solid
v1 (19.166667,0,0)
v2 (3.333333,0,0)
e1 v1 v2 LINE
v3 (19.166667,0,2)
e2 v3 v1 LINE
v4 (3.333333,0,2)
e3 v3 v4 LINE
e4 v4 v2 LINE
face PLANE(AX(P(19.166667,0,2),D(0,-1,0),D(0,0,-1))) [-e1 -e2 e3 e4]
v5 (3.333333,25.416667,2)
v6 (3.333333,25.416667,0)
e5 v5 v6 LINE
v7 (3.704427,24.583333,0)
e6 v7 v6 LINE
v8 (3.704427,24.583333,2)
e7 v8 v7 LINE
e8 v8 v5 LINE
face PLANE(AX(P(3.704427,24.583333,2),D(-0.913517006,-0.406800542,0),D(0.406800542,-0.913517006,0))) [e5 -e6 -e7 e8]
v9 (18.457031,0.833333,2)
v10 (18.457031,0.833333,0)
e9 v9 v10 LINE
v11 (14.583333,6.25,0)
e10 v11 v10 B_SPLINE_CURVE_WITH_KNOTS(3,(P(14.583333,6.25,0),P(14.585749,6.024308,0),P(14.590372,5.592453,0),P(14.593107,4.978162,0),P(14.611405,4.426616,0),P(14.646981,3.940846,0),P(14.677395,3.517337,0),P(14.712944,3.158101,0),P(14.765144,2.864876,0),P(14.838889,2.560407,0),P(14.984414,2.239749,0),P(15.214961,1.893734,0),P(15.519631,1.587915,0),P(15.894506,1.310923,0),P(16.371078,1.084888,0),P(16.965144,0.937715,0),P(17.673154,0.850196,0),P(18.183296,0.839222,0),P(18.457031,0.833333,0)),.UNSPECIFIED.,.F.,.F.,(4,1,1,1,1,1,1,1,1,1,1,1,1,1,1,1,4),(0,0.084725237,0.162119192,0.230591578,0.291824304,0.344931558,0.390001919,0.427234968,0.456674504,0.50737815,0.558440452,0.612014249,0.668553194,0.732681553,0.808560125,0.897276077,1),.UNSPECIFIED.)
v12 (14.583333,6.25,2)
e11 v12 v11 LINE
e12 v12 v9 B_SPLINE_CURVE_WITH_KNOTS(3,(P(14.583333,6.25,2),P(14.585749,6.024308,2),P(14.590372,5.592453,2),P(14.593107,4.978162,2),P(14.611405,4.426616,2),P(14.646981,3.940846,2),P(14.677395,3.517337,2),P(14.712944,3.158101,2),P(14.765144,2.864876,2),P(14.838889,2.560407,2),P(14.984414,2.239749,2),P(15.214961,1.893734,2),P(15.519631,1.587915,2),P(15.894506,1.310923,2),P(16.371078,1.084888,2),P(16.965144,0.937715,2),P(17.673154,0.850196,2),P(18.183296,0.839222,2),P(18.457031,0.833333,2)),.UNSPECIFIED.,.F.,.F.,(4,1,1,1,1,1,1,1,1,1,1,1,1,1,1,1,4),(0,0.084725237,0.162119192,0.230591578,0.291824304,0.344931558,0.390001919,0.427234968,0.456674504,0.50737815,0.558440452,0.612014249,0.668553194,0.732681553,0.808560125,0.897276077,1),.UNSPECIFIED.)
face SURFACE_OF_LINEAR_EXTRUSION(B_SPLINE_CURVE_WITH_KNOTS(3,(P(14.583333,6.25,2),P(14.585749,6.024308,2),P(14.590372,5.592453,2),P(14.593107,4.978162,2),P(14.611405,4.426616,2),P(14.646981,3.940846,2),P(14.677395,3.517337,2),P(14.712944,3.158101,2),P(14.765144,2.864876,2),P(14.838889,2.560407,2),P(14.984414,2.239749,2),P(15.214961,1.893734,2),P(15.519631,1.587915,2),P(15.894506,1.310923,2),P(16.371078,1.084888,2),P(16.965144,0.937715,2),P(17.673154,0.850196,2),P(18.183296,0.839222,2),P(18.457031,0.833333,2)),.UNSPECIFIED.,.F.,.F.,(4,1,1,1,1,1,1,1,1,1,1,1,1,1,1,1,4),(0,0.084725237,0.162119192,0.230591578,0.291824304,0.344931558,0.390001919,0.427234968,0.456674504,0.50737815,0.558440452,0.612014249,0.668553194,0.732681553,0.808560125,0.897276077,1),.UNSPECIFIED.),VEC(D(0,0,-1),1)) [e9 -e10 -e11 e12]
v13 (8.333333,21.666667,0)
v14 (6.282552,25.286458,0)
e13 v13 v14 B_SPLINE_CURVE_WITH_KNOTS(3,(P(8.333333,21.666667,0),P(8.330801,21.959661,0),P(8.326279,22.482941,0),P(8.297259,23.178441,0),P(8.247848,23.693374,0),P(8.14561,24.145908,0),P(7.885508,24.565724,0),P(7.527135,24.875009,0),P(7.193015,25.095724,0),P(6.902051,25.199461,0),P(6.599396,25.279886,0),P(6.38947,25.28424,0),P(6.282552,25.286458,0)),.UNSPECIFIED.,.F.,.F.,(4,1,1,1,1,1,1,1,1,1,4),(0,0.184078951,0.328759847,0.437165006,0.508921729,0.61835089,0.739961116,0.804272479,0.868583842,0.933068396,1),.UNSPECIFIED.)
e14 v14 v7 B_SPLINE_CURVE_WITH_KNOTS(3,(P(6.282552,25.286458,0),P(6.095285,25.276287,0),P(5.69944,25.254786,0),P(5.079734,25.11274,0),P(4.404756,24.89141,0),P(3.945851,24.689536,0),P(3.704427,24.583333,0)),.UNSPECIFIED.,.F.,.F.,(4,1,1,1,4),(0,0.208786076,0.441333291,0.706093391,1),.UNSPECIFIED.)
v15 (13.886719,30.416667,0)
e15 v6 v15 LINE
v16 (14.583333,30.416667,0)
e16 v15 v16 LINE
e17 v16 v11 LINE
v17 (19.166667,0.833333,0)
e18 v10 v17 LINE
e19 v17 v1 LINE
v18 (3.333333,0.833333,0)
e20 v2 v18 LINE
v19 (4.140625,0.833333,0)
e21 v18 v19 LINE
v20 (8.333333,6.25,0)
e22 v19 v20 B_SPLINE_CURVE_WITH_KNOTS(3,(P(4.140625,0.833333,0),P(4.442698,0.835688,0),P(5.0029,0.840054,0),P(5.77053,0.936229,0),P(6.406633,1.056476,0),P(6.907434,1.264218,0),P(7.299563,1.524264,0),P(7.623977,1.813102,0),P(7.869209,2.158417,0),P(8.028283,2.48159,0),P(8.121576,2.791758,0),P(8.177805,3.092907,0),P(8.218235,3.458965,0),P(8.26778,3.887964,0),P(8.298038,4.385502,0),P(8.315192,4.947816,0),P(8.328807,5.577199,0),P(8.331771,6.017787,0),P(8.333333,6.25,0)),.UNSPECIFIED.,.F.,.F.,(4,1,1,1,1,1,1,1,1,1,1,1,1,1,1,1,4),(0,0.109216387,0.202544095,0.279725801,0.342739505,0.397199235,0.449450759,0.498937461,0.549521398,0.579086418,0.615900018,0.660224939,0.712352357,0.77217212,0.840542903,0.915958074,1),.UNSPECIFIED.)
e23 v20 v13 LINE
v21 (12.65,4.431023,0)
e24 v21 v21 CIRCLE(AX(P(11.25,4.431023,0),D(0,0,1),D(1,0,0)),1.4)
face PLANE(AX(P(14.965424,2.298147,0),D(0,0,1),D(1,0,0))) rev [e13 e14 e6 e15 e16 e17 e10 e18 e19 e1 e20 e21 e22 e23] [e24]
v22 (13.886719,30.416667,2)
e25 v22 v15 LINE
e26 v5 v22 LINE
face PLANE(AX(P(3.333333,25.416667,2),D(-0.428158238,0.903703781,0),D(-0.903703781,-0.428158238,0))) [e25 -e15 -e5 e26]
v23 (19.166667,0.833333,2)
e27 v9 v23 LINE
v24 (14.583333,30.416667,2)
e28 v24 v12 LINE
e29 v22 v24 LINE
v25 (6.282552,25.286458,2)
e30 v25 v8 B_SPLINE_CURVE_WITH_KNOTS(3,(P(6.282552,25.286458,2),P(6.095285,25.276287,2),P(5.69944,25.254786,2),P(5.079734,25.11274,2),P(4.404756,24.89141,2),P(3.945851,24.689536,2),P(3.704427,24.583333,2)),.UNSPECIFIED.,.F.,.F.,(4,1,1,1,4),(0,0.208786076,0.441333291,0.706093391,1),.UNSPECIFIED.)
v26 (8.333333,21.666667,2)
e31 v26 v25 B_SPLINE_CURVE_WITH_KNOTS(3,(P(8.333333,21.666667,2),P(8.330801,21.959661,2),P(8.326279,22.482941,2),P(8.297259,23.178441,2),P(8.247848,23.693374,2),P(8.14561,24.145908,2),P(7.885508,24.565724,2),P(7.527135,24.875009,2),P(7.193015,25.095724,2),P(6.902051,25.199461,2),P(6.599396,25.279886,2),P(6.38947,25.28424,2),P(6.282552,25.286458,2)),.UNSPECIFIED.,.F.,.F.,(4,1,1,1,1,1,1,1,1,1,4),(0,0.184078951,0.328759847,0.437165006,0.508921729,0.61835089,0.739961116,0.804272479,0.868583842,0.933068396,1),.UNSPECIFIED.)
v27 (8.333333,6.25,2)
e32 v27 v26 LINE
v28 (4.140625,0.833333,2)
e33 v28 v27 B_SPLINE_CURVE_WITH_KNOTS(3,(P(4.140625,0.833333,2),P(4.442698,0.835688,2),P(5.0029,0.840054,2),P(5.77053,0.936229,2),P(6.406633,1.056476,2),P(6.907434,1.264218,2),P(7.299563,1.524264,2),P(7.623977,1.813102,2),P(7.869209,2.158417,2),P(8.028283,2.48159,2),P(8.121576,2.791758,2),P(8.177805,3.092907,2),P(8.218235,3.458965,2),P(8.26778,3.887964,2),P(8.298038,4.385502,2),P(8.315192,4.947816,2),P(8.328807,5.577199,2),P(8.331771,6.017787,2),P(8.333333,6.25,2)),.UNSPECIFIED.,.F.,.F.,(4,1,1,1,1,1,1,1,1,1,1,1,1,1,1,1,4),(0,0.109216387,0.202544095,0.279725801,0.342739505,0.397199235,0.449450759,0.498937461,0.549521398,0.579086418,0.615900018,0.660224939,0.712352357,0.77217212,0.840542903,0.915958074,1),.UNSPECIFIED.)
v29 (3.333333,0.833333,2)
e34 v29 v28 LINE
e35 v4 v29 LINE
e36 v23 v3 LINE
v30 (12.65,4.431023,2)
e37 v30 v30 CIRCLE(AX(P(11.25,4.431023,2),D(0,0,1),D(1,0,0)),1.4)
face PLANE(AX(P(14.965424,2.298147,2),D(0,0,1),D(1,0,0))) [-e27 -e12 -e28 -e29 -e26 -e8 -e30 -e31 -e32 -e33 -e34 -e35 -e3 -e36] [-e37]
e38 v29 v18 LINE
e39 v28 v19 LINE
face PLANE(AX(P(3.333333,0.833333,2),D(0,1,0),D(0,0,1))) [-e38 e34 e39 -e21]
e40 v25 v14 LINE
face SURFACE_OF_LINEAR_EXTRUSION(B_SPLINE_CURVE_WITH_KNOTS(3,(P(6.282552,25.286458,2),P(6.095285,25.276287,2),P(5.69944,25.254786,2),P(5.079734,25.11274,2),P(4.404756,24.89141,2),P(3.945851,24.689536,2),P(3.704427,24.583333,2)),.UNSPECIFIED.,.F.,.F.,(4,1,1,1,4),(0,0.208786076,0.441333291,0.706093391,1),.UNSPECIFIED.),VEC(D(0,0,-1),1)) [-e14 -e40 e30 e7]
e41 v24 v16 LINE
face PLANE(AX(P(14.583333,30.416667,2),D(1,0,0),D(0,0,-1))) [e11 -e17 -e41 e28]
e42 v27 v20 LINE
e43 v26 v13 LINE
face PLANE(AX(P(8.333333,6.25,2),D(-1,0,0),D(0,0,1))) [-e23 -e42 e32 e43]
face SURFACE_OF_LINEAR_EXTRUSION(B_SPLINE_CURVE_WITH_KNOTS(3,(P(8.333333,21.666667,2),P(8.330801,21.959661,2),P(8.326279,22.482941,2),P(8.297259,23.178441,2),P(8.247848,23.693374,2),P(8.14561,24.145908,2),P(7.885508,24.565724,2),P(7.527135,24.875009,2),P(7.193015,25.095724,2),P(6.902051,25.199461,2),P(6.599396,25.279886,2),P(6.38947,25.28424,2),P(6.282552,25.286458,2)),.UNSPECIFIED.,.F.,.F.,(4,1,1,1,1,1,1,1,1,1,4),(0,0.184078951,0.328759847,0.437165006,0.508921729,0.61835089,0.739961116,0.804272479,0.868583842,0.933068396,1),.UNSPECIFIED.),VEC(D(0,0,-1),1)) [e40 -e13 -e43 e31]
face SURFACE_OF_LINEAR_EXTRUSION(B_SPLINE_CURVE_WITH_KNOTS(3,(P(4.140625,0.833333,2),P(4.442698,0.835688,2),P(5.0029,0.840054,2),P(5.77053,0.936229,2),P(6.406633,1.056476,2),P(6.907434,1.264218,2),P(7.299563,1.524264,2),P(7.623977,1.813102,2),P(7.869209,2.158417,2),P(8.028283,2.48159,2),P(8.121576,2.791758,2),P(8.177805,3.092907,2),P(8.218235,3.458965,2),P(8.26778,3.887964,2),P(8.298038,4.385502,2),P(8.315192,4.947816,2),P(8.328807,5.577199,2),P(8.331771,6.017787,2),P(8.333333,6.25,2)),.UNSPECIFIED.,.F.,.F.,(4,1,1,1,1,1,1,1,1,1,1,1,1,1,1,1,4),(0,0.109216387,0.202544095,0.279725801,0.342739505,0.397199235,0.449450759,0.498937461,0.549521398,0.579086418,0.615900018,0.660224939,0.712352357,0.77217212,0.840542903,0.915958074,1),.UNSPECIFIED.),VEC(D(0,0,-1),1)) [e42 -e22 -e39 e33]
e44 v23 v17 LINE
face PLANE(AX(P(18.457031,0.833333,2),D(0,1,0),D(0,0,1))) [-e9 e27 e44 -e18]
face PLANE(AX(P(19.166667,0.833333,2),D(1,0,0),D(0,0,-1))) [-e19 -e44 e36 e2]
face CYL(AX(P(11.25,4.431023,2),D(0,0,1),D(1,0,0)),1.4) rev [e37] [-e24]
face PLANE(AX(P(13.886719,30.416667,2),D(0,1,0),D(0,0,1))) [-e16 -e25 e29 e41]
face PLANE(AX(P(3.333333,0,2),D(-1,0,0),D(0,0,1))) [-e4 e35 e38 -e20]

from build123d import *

# Parameters (mm, degrees)
BOSS_EXTRU_1_DEPTH     = 2
D_GAGEMENT_M1_61_D     = 2.8
D_GAGEMENT_M1_61_DEPTH = 50


with BuildPart() as part:
    # Esquisse1 → Boss.-Extru.1 (new body)
    with BuildSketch(Plane.XY):
        with BuildLine():
            Line((14.583333333, 30.416666667), (14.583333333, 6.25))
            add(Edge.make_bspline(
                [(14.583333333, 6.25), (14.585749256, 6.024308084), (14.59037205, 5.592453393), (14.593107367, 4.978161783), (14.611405028, 4.426616136), (14.646981306, 3.940846138), (14.677395441, 3.517336674), (14.712944408, 3.158101024), (14.76514446, 2.864876435), (14.838888581, 2.560406748), (14.984413764, 2.239748818), (15.214960792, 1.893733621), (15.519630906, 1.587915439), (15.89450585, 1.310922857), (16.371078344, 1.084888289), (16.965143818, 0.937715107), (17.673153617, 0.850195969), (18.183296053, 0.839221876), (18.45703125, 0.833333333)],
                knots=[0, 0, 0, 0, 0.000677115, 0.001295638, 0.001842862, 0.002332227, 0.002756654, 0.003116852, 0.003414414, 0.003649692, 0.00405491, 0.004462994, 0.00489115, 0.005343002, 0.005855509, 0.006461922, 0.00717093, 0.007991888, 0.007991888, 0.007991888, 0.007991888], degree=3))
            Line((18.45703125, 0.833333333), (19.166666667, 0.833333333))
            Line((19.166666667, 0.833333333), (19.166666667, 0))
            Line((19.166666667, 0), (3.333333333, 0))
            Line((3.333333333, 0), (3.333333333, 0.833333333))
            Line((3.333333333, 0.833333333), (4.140625, 0.833333333))
            add(Edge.make_bspline(
                [(4.140625, 0.833333333), (4.442698328, 0.835687663), (5.002899694, 0.840053817), (5.770530007, 0.936228913), (6.406632939, 1.056476205), (6.907434423, 1.264218402), (7.299563384, 1.524264009), (7.623976899, 1.81310173), (7.8692092, 2.158416764), (8.028282693, 2.48159017), (8.121575873, 2.791758159), (8.177804506, 3.092907226), (8.218234515, 3.458964912), (8.267780142, 3.887964386), (8.298038135, 4.385502072), (8.315191657, 4.947815768), (8.328806999, 5.577198632), (8.331771102, 6.017787475), (8.333333333, 6.25)],
                knots=[0, 0, 0, 0, 0.000905323, 0.00167894, 0.002318719, 0.002841055, 0.003292486, 0.003725612, 0.00413582, 0.004555123, 0.004800195, 0.005105353, 0.005472773, 0.005904871, 0.006400732, 0.006967475, 0.007592611, 0.008289256, 0.008289256, 0.008289256, 0.008289256], degree=3))
            Line((8.333333333, 6.25), (8.333333333, 21.666666667))
            add(Edge.make_bspline(
                [(8.333333333, 21.666666667), (8.330801084, 21.95966099), (8.326278557, 22.482940639), (8.297258707, 23.178440933), (8.247847929, 23.693374102), (8.145609707, 24.145908108), (7.885508384, 24.565723563), (7.527134719, 24.875008937), (7.193015137, 25.095723854), (6.902051175, 25.199461425), (6.599395613, 25.279885687), (6.389469577, 25.284240422), (6.282552083, 25.286458333)],
                knots=[0, 0, 0, 0, 0.000879003, 0.001569874, 0.002087524, 0.002430172, 0.002952712, 0.003533418, 0.003840513, 0.004147609, 0.004455532, 0.00477514, 0.00477514, 0.00477514, 0.00477514], degree=3))
            add(Edge.make_bspline(
                [(6.282552083, 25.286458333), (6.095285486, 25.27628682), (5.699440202, 25.254786213), (5.079734294, 25.112739688), (4.404756441, 24.891410222), (3.945850809, 24.689536321), (3.704427083, 24.583333333)],
                knots=[0, 0, 0, 0, 0.000561747, 0.001187425, 0.001899773, 0.002690541, 0.002690541, 0.002690541, 0.002690541], degree=3))
            Line((3.704427083, 24.583333333), (3.333333333, 25.416666667))
            Line((3.333333333, 25.416666667), (13.88671875, 30.416666667))
            Line((13.88671875, 30.416666667), (14.583333333, 30.416666667))
        make_face()
    extrude(amount=BOSS_EXTRU_1_DEPTH)

    # Dégagement M1.61
    with Locations(Plane.XY.offset(2)):
        with Locations((11.25, 4.431023469)):
            Hole(D_GAGEMENT_M1_61_D / 2, depth=D_GAGEMENT_M1_61_DEPTH)


solid = part.part
